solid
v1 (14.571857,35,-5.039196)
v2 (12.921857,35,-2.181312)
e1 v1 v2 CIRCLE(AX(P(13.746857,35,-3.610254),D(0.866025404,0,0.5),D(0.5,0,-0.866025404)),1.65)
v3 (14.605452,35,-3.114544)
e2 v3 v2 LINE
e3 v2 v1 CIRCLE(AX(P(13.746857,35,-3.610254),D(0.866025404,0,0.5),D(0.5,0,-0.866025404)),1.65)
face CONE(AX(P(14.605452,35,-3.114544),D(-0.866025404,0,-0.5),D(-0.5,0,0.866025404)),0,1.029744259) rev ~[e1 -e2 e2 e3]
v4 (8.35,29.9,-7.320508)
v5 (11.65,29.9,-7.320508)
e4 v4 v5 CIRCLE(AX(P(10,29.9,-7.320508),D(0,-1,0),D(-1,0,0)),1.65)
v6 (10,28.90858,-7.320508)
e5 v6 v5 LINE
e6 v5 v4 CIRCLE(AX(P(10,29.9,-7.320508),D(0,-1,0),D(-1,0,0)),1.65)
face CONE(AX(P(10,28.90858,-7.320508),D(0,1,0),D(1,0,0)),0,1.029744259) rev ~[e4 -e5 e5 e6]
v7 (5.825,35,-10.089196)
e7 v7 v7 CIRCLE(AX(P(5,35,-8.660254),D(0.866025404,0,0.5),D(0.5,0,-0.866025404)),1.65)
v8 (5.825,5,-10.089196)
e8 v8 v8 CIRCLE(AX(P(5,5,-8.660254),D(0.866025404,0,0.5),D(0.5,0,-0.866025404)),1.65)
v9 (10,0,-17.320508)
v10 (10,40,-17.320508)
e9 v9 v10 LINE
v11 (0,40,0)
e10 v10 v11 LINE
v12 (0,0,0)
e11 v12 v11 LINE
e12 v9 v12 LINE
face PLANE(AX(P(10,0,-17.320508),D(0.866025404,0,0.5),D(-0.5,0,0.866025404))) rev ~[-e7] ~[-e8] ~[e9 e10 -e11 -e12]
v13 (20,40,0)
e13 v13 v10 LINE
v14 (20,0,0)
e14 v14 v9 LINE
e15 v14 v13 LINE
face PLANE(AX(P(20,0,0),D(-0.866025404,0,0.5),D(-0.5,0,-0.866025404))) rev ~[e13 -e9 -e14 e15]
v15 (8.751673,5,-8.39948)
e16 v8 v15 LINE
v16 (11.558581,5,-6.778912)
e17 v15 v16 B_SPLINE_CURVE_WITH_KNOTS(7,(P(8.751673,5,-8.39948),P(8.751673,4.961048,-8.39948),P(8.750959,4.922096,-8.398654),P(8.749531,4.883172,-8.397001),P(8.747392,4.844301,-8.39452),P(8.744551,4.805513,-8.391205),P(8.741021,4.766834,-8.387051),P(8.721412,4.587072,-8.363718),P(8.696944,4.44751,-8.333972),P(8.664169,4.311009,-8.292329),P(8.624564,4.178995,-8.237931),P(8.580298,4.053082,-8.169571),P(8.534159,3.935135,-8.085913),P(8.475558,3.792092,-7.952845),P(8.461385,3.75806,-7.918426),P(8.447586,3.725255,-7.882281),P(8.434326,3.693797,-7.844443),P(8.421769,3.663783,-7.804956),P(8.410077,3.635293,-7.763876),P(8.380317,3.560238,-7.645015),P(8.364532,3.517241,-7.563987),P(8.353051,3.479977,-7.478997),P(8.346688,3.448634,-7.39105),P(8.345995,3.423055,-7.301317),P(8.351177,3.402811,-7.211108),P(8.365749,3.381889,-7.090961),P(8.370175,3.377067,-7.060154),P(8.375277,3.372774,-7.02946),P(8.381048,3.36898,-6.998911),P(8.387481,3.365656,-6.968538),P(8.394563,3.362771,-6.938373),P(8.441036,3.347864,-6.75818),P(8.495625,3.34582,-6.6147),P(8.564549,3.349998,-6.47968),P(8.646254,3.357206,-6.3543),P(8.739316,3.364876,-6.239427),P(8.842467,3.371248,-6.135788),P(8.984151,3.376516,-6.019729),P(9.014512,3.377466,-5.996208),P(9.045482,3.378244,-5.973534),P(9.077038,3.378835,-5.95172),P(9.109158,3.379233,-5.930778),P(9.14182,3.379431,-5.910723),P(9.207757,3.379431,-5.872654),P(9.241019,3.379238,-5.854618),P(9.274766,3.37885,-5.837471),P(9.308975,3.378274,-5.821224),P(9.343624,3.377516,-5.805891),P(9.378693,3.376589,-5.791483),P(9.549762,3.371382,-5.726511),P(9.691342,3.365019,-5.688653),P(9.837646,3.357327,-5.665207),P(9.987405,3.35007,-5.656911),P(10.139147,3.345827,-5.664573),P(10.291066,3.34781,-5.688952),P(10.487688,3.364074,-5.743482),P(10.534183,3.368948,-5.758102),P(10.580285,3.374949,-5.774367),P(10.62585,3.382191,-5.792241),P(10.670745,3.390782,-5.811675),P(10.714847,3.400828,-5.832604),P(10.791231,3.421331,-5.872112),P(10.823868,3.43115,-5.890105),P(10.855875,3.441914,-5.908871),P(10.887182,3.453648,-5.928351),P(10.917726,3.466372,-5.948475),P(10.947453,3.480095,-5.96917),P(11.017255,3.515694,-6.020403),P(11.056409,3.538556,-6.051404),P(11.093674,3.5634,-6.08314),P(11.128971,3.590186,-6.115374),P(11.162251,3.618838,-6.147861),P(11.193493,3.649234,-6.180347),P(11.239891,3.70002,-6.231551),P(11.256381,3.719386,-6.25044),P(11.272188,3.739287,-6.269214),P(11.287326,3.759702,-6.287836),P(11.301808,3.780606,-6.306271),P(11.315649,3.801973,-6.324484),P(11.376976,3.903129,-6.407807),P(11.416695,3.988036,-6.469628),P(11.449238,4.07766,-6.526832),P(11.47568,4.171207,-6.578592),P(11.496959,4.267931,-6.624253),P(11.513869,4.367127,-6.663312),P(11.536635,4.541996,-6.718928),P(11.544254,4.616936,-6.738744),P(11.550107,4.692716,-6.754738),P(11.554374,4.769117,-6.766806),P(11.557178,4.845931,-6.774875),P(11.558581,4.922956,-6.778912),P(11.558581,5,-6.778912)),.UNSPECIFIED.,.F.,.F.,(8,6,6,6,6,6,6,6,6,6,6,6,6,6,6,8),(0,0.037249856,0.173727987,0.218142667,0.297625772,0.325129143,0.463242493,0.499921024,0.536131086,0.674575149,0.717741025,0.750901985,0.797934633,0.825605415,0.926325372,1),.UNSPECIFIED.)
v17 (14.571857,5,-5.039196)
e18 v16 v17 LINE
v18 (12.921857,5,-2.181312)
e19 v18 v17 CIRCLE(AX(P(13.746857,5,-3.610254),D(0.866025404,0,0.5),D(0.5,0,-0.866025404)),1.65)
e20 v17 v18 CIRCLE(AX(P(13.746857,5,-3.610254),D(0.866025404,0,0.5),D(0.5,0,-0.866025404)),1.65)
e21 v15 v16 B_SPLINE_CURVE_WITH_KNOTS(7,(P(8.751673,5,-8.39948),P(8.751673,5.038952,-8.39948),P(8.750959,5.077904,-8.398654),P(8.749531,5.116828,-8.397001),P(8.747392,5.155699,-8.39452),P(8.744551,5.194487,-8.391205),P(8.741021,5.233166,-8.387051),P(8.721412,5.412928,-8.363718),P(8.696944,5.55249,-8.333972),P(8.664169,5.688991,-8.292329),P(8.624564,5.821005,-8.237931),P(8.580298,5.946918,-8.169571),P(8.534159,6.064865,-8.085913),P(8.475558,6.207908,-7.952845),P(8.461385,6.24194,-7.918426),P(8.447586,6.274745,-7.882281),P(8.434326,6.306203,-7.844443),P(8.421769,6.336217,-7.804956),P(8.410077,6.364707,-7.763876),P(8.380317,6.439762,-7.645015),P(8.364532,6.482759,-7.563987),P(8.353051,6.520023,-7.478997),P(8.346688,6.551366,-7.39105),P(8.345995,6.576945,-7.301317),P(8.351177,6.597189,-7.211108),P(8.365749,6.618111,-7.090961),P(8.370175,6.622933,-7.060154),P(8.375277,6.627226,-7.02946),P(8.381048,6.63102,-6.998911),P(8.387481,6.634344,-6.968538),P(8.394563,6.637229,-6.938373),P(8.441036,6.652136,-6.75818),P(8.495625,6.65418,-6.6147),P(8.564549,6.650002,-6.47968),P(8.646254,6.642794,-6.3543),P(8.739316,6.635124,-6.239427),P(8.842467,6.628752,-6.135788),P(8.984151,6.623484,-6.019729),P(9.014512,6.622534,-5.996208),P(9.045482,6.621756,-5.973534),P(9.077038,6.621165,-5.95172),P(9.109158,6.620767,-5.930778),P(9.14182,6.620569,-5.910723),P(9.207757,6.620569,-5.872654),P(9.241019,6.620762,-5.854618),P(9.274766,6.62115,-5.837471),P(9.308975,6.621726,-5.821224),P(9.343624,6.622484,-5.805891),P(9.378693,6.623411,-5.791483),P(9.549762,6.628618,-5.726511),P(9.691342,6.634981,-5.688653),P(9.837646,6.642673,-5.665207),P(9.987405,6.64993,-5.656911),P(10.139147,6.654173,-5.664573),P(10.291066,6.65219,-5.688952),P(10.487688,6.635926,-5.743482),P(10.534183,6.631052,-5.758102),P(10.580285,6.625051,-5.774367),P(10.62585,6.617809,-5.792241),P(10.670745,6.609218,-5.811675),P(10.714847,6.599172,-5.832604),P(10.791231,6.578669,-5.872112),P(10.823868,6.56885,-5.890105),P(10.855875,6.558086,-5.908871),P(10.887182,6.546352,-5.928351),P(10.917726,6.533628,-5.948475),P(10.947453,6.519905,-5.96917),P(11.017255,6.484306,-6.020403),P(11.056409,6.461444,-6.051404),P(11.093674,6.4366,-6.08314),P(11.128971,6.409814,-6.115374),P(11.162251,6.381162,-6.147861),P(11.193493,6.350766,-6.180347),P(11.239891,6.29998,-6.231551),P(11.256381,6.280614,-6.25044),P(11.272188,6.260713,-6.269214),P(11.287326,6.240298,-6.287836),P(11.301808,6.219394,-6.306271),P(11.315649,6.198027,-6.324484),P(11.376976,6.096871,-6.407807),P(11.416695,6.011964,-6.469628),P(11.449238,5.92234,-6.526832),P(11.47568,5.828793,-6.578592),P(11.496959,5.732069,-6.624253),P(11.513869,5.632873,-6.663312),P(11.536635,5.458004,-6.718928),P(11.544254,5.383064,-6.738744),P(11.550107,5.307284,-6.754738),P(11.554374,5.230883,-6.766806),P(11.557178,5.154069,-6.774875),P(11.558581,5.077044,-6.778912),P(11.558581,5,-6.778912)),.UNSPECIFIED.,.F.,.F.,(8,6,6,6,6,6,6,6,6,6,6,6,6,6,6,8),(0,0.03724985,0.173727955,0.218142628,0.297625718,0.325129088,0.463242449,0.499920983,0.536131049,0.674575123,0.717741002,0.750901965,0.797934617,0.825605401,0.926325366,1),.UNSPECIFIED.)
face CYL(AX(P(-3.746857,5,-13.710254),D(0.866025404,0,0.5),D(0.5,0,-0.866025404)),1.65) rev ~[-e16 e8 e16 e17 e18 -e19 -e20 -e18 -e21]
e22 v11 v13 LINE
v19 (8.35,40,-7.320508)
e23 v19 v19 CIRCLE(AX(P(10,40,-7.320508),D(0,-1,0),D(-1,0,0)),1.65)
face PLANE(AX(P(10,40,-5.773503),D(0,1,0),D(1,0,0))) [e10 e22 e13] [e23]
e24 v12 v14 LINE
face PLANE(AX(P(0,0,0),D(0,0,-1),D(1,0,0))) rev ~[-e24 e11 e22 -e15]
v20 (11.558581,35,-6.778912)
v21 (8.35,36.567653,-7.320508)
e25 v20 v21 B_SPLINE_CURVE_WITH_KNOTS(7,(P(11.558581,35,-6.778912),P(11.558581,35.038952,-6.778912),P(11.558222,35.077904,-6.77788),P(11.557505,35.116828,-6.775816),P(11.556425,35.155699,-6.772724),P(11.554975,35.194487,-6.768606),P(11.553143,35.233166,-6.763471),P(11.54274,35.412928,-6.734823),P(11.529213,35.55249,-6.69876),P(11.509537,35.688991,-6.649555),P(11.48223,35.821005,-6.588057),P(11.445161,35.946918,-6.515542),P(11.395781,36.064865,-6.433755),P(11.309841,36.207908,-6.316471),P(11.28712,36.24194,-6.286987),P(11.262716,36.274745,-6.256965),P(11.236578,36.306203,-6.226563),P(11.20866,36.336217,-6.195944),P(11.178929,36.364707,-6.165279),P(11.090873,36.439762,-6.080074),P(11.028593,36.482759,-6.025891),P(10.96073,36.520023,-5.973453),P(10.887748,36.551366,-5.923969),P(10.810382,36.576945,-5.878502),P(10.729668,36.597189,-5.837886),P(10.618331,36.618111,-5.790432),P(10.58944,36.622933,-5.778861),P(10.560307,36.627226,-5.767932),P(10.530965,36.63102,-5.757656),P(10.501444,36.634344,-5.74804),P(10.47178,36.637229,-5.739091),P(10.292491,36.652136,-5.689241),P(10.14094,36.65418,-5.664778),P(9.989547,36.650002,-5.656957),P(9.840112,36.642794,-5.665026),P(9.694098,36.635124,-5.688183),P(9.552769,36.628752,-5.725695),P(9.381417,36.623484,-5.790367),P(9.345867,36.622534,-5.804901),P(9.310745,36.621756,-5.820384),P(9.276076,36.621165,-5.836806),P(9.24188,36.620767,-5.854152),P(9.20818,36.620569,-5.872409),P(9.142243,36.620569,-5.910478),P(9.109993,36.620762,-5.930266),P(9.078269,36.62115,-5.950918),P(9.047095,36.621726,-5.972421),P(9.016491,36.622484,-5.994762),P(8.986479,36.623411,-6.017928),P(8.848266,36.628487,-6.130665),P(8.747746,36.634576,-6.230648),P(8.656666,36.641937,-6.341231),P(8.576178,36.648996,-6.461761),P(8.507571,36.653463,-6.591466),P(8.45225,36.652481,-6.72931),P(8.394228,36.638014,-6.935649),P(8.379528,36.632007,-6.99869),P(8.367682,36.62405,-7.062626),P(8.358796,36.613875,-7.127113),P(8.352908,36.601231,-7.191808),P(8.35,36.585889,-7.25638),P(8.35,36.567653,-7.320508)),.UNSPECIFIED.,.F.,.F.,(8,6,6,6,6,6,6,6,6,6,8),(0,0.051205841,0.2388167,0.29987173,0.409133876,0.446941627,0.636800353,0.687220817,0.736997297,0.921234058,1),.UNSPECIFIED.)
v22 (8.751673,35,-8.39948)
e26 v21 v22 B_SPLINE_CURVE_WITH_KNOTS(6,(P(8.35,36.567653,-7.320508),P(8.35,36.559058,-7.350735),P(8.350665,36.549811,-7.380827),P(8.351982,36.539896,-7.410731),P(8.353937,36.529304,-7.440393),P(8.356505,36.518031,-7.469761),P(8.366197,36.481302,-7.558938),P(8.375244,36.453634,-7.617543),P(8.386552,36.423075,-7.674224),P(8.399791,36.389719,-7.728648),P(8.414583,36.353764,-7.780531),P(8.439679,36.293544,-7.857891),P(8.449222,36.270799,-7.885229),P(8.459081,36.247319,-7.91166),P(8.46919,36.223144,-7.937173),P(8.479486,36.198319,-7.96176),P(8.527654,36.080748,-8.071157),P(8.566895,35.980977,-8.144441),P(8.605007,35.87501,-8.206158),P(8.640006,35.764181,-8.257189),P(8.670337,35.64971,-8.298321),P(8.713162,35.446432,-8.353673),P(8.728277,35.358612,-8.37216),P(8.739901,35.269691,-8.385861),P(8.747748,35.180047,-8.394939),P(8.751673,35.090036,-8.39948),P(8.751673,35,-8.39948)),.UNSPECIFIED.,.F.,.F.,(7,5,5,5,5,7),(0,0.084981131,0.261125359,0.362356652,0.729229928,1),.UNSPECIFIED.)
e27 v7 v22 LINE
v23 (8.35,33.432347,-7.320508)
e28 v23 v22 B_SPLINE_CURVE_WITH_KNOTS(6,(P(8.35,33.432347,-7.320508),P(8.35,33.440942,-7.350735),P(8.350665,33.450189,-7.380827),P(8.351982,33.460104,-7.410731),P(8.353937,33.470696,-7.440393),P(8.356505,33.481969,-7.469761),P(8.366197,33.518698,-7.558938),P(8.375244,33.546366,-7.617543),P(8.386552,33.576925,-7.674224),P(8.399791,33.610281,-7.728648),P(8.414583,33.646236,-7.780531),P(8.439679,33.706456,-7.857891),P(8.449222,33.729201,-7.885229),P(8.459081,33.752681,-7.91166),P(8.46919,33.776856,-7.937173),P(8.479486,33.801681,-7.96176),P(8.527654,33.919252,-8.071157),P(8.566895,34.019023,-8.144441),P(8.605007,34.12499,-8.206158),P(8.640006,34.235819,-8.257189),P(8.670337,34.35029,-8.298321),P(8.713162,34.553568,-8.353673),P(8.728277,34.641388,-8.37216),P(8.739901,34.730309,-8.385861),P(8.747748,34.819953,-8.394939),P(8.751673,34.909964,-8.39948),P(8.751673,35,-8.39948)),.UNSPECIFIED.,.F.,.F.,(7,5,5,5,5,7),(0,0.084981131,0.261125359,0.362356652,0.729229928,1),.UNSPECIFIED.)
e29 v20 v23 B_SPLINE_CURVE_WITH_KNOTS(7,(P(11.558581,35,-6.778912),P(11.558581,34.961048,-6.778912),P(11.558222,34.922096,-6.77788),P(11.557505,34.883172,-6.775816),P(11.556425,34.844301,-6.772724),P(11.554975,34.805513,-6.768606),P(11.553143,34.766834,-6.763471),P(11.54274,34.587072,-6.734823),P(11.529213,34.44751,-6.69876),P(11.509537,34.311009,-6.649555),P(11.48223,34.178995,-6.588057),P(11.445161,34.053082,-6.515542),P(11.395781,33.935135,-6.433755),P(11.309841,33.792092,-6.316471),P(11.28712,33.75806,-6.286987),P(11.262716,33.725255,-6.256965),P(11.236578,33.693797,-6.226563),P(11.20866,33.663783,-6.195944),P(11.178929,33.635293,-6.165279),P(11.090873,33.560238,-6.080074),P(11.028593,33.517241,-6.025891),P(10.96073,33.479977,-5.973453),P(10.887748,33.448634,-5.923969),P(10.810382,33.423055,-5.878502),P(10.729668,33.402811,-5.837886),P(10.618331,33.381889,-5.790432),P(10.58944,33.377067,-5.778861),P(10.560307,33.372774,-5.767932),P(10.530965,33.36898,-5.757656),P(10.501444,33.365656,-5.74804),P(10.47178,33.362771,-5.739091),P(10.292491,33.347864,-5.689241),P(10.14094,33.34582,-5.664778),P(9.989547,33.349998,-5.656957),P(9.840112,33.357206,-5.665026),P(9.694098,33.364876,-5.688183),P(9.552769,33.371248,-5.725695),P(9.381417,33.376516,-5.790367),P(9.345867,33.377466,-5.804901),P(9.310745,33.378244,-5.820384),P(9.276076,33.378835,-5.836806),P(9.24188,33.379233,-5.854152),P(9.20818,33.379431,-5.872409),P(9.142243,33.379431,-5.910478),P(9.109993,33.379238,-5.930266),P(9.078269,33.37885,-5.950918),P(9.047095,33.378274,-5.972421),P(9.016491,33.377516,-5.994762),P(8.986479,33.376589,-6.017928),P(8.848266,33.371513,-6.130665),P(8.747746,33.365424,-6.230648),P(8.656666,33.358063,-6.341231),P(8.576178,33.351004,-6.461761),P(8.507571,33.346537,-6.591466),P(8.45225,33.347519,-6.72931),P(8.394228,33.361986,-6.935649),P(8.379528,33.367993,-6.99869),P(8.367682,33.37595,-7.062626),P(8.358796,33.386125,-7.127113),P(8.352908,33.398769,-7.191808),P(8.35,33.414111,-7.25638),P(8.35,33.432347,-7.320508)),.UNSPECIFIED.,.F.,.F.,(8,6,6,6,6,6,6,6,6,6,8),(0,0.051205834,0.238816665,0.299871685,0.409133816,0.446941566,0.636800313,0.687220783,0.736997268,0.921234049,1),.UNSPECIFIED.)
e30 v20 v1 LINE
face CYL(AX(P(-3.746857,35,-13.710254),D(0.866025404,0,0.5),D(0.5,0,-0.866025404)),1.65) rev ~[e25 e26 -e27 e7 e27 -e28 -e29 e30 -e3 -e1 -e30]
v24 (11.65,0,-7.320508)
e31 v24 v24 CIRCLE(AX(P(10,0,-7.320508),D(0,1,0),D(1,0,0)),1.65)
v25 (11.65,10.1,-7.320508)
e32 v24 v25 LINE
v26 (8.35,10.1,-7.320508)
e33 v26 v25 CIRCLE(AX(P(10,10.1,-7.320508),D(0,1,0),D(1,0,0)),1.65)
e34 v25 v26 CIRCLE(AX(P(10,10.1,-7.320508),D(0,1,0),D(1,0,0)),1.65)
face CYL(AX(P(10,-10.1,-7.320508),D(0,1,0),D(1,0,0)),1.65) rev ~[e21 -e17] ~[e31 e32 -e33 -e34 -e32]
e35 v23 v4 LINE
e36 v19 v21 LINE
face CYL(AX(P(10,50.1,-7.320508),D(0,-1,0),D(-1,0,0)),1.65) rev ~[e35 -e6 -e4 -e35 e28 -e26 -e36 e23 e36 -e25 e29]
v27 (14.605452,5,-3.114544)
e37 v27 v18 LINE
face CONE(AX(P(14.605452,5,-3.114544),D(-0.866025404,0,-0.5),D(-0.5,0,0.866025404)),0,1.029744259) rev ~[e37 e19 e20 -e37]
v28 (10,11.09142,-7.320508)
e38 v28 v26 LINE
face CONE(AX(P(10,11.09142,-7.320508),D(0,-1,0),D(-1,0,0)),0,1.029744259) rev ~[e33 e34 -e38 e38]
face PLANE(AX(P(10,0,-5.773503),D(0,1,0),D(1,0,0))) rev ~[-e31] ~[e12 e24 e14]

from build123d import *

# Parameters (mm, degrees)
EXTRUDE_1_DEPTH        = 40
HOLE_WIZARD_M4_1_D     = 3.3
HOLE_WIZARD_M4_1_DEPTH = 10.1
HOLE_WIZARD_M4_1_TIP   = 0.991420021
HOLE_WIZARD_M4_2_D     = 3.3
HOLE_WIZARD_M4_2_DEPTH = 10.1
HOLE_WIZARD_M4_2_TIP   = 0.991420021
HOLE_WIZARD_M4_3_D     = 3.3
HOLE_WIZARD_M4_3_DEPTH = 10.1
HOLE_WIZARD_M4_3_TIP   = 0.991420021


with BuildPart() as part:
    # 草图1 → 凸台-拉伸1 (new body)
    with BuildSketch(Plane(origin=(0, 0, 0), x_dir=(1, 0, 0), z_dir=(0, 1, 0))):
        Polygon((0, 0), (20, 0), (10, 17.320508076), align=None)
    extrude(amount=EXTRUDE_1_DEPTH)

    # M4 螺纹孔1
    with Locations(Plane(origin=(0, 0, 0), x_dir=(-1, 0, 0), z_dir=(0, -1, 0))):
        with Locations((-10, 7.320508076)):
            Hole(HOLE_WIZARD_M4_1_D / 2, depth=HOLE_WIZARD_M4_1_DEPTH)
            with Locations((0, 0, -(HOLE_WIZARD_M4_1_DEPTH + HOLE_WIZARD_M4_1_TIP / 2))):  # 118° drill point
                Cone(0, HOLE_WIZARD_M4_1_D / 2, HOLE_WIZARD_M4_1_TIP, mode=Mode.SUBTRACT)

    # M4 螺纹孔2
    with Locations(Plane(origin=(0, 40, 0), x_dir=(1, 0, 0), z_dir=(0, 1, 0))):
        with Locations((10, 7.320508076)):
            Hole(HOLE_WIZARD_M4_2_D / 2, depth=HOLE_WIZARD_M4_2_DEPTH)
            with Locations((0, 0, -(HOLE_WIZARD_M4_2_DEPTH + HOLE_WIZARD_M4_2_TIP / 2))):  # 118° drill point
                Cone(0, HOLE_WIZARD_M4_2_D / 2, HOLE_WIZARD_M4_2_TIP, mode=Mode.SUBTRACT)

    # M4 螺纹孔3
    with Locations(Plane(origin=(0, 0, 0), x_dir=(-0.5, 0, 0.866025404), z_dir=(-0.866025404, 0, -0.5))):
        with Locations((-10, 35), (-10, 5)):
            Hole(HOLE_WIZARD_M4_3_D / 2, depth=HOLE_WIZARD_M4_3_DEPTH)
            with Locations((0, 0, -(HOLE_WIZARD_M4_3_DEPTH + HOLE_WIZARD_M4_3_TIP / 2))):  # 118° drill point
                Cone(0, HOLE_WIZARD_M4_3_D / 2, HOLE_WIZARD_M4_3_TIP, mode=Mode.SUBTRACT)


solid = part.part
